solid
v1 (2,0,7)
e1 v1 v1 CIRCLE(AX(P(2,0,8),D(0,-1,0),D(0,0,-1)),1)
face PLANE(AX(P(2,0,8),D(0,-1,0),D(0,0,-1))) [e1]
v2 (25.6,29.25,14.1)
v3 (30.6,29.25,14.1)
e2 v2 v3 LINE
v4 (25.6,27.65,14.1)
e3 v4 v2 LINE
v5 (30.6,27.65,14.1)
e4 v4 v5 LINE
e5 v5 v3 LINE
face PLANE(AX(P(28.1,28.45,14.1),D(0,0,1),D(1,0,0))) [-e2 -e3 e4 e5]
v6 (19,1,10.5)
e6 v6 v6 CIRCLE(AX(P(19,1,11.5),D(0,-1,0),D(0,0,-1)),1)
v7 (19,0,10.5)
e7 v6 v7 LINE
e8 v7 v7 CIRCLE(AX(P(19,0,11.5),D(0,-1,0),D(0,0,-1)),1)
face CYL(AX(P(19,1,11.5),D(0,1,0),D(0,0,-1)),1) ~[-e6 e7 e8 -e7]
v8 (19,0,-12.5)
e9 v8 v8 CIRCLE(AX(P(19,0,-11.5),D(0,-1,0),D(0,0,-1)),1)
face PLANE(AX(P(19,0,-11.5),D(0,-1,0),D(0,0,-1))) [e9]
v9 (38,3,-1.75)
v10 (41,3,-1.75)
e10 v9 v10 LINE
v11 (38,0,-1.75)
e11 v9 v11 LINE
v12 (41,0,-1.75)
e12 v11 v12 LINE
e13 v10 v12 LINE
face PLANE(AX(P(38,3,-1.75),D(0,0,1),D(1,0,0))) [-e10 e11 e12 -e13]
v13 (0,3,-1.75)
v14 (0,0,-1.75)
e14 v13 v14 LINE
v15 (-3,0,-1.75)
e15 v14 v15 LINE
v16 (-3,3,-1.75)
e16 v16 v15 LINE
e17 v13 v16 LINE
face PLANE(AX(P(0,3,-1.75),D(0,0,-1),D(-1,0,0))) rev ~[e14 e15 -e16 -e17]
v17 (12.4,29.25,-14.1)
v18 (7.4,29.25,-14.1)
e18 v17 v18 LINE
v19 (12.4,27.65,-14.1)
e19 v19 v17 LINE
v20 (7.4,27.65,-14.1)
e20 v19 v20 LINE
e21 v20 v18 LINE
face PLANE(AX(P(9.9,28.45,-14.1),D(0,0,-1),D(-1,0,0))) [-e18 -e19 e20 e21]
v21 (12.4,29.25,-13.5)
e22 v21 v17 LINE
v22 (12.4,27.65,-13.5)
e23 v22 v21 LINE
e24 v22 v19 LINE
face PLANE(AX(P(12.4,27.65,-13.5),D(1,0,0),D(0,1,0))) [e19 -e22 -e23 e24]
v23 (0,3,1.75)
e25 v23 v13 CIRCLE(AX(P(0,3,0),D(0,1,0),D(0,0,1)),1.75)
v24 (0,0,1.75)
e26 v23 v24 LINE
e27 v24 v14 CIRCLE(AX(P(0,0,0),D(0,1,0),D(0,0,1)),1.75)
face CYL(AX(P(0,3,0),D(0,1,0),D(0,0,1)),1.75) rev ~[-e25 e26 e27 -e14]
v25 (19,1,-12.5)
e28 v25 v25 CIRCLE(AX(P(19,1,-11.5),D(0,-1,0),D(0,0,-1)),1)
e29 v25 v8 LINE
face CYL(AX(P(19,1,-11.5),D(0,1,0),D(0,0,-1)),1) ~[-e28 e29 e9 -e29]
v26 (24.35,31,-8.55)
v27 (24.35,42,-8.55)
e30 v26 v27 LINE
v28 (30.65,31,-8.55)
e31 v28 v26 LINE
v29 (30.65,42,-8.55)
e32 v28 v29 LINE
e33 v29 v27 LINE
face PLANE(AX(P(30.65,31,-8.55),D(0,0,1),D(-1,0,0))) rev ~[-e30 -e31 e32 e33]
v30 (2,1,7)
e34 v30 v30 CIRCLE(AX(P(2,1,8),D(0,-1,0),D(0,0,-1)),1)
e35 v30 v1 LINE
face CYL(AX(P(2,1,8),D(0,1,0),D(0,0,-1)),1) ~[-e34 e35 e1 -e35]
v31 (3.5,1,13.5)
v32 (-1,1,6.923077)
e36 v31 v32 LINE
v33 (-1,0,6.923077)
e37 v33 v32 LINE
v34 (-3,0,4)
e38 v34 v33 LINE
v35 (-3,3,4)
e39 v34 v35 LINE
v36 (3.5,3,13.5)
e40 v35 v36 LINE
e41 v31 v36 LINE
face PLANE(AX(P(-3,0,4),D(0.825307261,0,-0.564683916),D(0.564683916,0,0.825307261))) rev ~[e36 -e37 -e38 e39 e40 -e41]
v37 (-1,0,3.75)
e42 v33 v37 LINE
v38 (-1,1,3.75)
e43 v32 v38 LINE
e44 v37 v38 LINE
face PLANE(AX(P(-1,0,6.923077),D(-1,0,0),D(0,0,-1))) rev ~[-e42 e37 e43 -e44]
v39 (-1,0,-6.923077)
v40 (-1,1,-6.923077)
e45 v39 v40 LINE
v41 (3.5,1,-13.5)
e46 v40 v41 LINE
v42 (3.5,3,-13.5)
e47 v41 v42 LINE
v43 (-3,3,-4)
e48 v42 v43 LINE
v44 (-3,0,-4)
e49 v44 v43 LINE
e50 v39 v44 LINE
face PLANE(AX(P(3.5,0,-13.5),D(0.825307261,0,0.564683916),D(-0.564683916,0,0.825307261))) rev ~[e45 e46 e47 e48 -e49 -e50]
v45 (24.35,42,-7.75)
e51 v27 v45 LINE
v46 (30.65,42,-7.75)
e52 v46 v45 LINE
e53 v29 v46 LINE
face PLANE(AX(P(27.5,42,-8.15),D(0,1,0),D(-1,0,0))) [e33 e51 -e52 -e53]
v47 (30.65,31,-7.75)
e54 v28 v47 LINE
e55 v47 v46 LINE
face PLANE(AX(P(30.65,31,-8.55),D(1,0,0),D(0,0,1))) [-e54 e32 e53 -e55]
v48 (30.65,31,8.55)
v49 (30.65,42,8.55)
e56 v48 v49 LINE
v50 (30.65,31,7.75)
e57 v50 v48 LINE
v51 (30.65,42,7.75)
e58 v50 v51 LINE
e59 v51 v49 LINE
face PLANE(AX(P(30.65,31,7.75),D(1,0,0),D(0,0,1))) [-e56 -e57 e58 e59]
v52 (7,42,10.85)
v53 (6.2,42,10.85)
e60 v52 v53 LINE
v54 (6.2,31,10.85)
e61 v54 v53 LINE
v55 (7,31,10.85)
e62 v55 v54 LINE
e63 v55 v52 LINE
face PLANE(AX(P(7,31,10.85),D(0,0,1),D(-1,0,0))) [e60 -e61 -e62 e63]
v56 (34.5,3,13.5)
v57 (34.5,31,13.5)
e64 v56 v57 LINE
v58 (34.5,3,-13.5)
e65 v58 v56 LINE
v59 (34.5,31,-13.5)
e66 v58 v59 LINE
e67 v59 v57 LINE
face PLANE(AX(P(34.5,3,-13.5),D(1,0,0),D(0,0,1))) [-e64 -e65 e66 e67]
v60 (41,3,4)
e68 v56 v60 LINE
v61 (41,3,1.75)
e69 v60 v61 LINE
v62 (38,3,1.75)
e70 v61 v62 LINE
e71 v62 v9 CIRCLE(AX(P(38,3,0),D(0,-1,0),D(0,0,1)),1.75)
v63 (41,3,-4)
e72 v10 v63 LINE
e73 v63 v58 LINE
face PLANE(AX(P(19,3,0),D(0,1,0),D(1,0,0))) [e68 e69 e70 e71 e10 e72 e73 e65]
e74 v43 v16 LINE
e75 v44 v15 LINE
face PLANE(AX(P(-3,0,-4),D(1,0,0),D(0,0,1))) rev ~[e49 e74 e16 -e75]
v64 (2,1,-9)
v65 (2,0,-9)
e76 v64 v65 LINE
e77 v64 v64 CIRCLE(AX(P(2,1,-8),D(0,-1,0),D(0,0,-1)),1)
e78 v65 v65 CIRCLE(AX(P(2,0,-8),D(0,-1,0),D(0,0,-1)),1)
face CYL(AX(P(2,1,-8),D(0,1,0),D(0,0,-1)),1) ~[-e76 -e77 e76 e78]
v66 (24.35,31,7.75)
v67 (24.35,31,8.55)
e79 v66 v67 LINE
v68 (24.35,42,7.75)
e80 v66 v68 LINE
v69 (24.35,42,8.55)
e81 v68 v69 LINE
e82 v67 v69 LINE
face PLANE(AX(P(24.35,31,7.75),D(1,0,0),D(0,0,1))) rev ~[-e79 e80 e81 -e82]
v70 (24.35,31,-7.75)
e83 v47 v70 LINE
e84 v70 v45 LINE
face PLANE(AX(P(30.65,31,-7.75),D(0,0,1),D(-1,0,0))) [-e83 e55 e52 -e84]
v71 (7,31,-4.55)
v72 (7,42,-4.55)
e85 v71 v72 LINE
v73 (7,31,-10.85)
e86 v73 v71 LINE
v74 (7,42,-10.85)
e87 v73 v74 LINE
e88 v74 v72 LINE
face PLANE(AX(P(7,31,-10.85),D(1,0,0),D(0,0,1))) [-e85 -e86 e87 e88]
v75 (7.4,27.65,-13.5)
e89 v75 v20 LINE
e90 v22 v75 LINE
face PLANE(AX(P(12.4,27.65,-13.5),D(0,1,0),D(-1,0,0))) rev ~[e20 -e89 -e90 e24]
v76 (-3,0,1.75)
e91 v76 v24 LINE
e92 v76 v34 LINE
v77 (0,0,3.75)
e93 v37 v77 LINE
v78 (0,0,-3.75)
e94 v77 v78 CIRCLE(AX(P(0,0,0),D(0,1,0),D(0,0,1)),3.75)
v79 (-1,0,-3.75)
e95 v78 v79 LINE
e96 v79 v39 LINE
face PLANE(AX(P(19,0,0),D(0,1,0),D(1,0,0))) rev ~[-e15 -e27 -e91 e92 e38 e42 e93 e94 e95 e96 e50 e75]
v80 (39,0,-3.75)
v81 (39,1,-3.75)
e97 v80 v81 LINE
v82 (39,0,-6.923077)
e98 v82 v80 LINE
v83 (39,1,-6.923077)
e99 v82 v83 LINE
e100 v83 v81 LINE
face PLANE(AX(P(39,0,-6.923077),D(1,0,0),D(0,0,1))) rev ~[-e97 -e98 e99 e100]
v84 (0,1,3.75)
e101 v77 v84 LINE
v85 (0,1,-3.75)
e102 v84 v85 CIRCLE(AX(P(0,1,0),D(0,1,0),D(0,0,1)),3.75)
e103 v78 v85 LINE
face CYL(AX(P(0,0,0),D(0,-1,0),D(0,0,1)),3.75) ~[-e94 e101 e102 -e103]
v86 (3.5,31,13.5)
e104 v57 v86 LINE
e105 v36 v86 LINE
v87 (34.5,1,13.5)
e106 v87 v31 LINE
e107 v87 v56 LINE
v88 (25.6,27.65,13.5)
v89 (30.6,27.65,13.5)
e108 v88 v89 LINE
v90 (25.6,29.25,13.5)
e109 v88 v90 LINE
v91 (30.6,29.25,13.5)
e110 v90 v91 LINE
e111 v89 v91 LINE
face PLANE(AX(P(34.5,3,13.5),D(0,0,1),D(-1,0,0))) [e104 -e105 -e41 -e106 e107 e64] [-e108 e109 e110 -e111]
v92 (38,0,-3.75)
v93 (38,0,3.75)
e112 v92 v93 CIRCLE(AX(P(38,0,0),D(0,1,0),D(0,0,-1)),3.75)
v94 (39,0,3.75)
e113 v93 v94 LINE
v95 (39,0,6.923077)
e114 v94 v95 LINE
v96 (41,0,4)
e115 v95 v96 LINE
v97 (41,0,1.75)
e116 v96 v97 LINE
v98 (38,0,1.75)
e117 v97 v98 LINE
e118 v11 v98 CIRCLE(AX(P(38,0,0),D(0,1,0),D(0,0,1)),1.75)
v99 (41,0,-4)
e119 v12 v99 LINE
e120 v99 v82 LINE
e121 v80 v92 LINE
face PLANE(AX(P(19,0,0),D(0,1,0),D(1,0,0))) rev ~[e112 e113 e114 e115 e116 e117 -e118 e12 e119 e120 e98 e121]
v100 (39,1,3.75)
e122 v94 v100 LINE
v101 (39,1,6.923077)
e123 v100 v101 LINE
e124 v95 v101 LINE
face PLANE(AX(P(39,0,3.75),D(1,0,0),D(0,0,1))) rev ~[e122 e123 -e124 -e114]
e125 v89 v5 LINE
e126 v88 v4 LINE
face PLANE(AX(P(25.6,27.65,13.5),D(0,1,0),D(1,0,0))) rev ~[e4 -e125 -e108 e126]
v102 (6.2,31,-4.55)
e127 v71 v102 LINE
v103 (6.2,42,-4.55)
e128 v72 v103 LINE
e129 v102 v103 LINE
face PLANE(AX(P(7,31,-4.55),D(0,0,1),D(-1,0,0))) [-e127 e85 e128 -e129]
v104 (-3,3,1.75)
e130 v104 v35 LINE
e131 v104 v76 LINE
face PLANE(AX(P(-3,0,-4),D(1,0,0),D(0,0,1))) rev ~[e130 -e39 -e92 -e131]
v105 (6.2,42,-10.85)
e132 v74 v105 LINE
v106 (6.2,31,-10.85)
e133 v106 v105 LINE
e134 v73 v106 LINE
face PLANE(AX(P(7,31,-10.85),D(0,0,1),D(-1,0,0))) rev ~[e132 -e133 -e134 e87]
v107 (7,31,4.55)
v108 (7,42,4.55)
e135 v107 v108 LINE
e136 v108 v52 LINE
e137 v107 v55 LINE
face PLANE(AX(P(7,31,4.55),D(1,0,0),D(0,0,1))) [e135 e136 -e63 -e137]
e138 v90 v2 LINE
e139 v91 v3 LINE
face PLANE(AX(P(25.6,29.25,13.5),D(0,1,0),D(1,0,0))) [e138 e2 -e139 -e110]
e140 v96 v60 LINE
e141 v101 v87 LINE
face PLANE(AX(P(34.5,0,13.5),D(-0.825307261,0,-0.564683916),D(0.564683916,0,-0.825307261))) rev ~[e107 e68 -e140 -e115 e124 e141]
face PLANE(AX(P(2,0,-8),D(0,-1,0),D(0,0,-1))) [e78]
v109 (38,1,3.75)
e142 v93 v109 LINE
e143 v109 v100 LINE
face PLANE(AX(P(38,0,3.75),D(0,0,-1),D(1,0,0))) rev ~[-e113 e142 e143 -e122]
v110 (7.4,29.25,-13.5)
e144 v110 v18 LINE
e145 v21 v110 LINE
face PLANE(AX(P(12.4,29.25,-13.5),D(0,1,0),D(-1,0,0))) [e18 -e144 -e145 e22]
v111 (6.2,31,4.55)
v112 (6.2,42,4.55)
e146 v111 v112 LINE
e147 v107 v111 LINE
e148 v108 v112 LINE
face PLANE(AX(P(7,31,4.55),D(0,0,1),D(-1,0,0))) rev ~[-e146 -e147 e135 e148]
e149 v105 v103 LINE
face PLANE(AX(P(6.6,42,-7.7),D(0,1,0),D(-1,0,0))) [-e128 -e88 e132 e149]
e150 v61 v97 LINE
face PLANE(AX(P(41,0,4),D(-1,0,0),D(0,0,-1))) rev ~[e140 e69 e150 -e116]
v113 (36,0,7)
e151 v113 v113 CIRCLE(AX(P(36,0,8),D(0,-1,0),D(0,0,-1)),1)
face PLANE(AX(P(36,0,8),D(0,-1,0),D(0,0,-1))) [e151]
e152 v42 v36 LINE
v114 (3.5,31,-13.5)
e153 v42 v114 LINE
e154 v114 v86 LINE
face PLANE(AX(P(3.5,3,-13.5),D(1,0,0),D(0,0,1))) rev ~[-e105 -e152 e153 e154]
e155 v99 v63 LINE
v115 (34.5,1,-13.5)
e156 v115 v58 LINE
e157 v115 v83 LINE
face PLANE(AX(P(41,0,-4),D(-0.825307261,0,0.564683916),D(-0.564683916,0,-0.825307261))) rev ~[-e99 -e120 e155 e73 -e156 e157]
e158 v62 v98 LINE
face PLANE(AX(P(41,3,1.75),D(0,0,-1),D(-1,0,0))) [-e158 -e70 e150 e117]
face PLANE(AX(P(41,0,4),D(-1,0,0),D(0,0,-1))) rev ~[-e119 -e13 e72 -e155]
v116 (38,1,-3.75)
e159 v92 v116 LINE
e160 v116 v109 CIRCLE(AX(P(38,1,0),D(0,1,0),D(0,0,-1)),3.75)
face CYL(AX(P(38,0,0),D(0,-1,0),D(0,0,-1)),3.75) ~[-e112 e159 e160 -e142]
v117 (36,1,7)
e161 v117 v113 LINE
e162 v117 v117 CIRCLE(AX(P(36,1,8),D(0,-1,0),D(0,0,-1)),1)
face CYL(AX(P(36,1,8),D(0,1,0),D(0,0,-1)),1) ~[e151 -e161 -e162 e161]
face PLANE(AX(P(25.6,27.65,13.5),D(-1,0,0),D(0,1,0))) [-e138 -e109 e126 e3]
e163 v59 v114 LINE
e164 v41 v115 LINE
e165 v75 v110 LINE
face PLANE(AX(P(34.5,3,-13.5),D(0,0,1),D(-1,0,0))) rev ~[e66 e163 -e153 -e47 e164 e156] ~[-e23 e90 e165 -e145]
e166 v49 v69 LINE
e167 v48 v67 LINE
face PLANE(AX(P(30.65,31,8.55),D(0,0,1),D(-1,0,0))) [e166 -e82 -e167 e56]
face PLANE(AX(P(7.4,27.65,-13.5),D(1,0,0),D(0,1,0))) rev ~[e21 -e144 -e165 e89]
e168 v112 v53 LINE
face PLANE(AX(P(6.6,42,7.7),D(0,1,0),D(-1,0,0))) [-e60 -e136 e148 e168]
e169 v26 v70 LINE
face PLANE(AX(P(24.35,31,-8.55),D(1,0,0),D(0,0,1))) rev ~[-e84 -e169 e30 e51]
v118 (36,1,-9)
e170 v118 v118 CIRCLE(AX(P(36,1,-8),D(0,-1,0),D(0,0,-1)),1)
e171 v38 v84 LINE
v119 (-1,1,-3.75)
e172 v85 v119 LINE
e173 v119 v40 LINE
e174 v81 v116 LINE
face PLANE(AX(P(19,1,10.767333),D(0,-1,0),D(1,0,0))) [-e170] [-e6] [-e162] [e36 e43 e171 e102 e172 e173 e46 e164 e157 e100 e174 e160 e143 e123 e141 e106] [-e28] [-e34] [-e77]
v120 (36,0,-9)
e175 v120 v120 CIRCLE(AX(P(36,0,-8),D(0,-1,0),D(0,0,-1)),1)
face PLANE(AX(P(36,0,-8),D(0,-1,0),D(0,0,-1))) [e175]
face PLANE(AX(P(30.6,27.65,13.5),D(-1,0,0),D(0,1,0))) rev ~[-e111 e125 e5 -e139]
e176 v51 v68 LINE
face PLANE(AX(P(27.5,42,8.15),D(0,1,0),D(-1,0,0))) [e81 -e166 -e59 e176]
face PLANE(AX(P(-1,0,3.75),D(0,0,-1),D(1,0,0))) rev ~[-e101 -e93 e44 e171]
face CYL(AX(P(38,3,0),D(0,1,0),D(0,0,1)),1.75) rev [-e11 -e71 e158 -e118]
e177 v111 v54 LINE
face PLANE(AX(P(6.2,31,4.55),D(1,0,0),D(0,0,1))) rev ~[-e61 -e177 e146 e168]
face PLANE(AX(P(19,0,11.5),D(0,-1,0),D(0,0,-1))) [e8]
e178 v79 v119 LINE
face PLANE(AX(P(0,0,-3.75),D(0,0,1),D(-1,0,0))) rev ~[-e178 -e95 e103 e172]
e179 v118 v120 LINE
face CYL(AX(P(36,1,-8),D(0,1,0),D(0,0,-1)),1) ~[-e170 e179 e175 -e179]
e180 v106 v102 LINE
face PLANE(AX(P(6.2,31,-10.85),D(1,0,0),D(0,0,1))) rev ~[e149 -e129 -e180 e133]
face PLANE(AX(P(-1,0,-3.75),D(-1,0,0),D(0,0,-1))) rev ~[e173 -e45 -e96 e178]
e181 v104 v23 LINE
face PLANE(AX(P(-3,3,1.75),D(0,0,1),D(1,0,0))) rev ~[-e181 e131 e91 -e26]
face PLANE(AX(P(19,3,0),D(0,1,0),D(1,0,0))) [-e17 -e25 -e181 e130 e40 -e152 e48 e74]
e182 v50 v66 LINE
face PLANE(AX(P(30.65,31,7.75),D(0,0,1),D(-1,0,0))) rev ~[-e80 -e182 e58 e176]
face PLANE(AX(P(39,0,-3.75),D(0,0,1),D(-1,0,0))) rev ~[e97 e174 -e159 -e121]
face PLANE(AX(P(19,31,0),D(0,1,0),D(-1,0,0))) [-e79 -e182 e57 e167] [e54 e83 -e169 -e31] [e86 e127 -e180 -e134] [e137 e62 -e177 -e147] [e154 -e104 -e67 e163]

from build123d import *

# Parameters (mm, degrees)
EXTRUDE_364_DEPTH   = 3
CUT_EXTRUDE_1_DEPTH = 44.269504273
CUT_EXTRUDE_2_DEPTH = 1
SKETCH_4_W          = 31
SKETCH_4_H          = 27
EXTRUDE_1_DEPTH     = 28
SKETCH_5_W          = 0.8
SKETCH_5_H          = 6.3
SKETCH_5_W_2        = 6.3
SKETCH_5_H_2        = 0.8
EXTRUDE_2_DEPTH     = 11
SKETCH_6_W          = 5
SKETCH_6_H          = 1.6
EXTRUDE_3_DEPTH     = 0.6
SKETCH_7_W          = 5
SKETCH_7_H          = 1.6
EXTRUDE_4_DEPTH     = 0.6
SKETCH_8_R          = 1
EXTRUDE_5_DEPTH     = 1


with BuildPart() as part:
    # ｽｹｯﾁ1 → Extrude 364 (new body)
    with BuildSketch(Plane(origin=(0, 0, 0), x_dir=(1, 0, 0), z_dir=(0, 1, 0))):
        Polygon((-3, 4), (-3, -4), (3.5, -13.5), (34.5, -13.5), (41, -4), (41, 4), (34.5, 13.5), (3.5, 13.5), align=None)
    extrude(amount=EXTRUDE_364_DEPTH)

    # ｽｹｯﾁ2 → ｶｯﾄ - 押し出し1 (cut, through all)
    with BuildSketch(Plane(origin=(0, 3, 0), x_dir=(-1, 0, 0), z_dir=(0, 1, 0))):
        with BuildLine():
            Line((-41, 1.75), (-38, 1.75))
            ThreePointArc((-38, 1.75), (-36.25, 0), (-38, -1.75))
            Line((-38, -1.75), (-41, -1.75))
            Line((-41, -1.75), (-41, 1.75))
        make_face()
        with BuildLine():
            Line((3, 1.75), (0, 1.75))
            ThreePointArc((0, 1.75), (-1.75, 0), (0, -1.75))
            Line((0, -1.75), (3, -1.75))
            Line((3, -1.75), (3, 1.75))
        make_face()
    extrude(amount=-CUT_EXTRUDE_1_DEPTH, mode=Mode.SUBTRACT)

    # ｽｹｯﾁ3 → ｶｯﾄ - 押し出し2 (cut)
    with BuildSketch(Plane.XZ):
        Polygon((39, 3.75), (39, 6.923076923), (34.5, 13.5), (3.5, 13.5), (-1, 6.923076923), (-1, 3.75), (-0.747712751, 3.75), (4.554918828, 11.5), (33.445081172, 11.5), (38.747712751, 3.75), align=None)
        with BuildLine():
            Line((38, 3.75), (38.747712751, 3.75))
            Line((38.747712751, 3.75), (33.445081172, 11.5))
            Line((33.445081172, 11.5), (4.554918828, 11.5))
            Line((4.554918828, 11.5), (-0.747712751, 3.75))
            Line((-0.747712751, 3.75), (0, 3.75))
            ThreePointArc((0, 3.75), (3.75, 0), (0, -3.75))
            Line((0, -3.75), (-0.747712751, -3.75))
            Line((-0.747712751, -3.75), (4.554918828, -11.5))
            Line((4.554918828, -11.5), (33.445081172, -11.5))
            Line((33.445081172, -11.5), (38.747712751, -3.75))
            Line((38.747712751, -3.75), (38, -3.75))
            ThreePointArc((38, -3.75), (34.25, 0), (38, 3.75))
        make_face()
        Polygon((39, -3.75), (38.747712751, -3.75), (33.445081172, -11.5), (4.554918828, -11.5), (-0.747712751, -3.75), (-1, -3.75), (-1, -6.923076923), (3.5, -13.5), (34.5, -13.5), (39, -6.923076923), align=None)
    extrude(amount=-CUT_EXTRUDE_2_DEPTH, mode=Mode.SUBTRACT)

    # ｽｹｯﾁ4 → ﾎﾞｽ - 押し出し1 (add)
    with BuildSketch(Plane(origin=(0, 3, 0), x_dir=(-1, 0, 0), z_dir=(0, 1, 0))):
        with Locations((-19, 0)):
            Rectangle(SKETCH_4_W, SKETCH_4_H)
    extrude(amount=EXTRUDE_1_DEPTH)

    # ｽｹｯﾁ5 → ﾎﾞｽ - 押し出し2 (add)
    with BuildSketch(Plane(origin=(0, 31, 0), x_dir=(-1, 0, 0), z_dir=(0, 1, 0))):
        with Locations((-6.6, -7.7)):
            Rectangle(SKETCH_5_W, SKETCH_5_H)
        with Locations((-6.6, 7.7)):
            Rectangle(SKETCH_5_W, SKETCH_5_H)
        with Locations((-27.5, -8.15)):
            Rectangle(SKETCH_5_W_2, SKETCH_5_H_2)
        with Locations((-27.5, 8.15)):
            Rectangle(SKETCH_5_W_2, SKETCH_5_H_2)
    extrude(amount=EXTRUDE_2_DEPTH)

    # ｽｹｯﾁ6 → ﾎﾞｽ - 押し出し3 (add)
    with BuildSketch(Plane.XY.offset(13.5)):
        with Locations((28.1, 28.45)):
            Rectangle(SKETCH_6_W, SKETCH_6_H)
    extrude(amount=EXTRUDE_3_DEPTH)

    # ｽｹｯﾁ7 → ﾎﾞｽ - 押し出し4 (add)
    with BuildSketch(Plane(origin=(0, 0, -13.5), x_dir=(-1, 0, 0), z_dir=(0, 0, -1))):
        with Locations((-9.9, 28.45)):
            Rectangle(SKETCH_7_W, SKETCH_7_H)
    extrude(amount=EXTRUDE_4_DEPTH)

    # ｽｹｯﾁ8 → ﾎﾞｽ - 押し出し5 (add)
    with BuildSketch(Plane.XZ.offset(-1)):
        with Locations(Location((19, 11.5, 0), (0, 0, 270))):
            Circle(SKETCH_8_R)
        with Locations(Location((19, -11.5, 0), (0, 0, 270))):
            Circle(SKETCH_8_R)
        with Locations(Location((36, 8, 0), (0, 0, 270))):
            Circle(SKETCH_8_R)
        with Locations(Location((36, -8, 0), (0, 0, 270))):
            Circle(SKETCH_8_R)
        with Locations(Location((2, 8, 0), (0, 0, 270))):
            Circle(SKETCH_8_R)
        with Locations(Location((2, -8, 0), (0, 0, 270))):
            Circle(SKETCH_8_R)
    extrude(amount=EXTRUDE_5_DEPTH)


solid = part.part
